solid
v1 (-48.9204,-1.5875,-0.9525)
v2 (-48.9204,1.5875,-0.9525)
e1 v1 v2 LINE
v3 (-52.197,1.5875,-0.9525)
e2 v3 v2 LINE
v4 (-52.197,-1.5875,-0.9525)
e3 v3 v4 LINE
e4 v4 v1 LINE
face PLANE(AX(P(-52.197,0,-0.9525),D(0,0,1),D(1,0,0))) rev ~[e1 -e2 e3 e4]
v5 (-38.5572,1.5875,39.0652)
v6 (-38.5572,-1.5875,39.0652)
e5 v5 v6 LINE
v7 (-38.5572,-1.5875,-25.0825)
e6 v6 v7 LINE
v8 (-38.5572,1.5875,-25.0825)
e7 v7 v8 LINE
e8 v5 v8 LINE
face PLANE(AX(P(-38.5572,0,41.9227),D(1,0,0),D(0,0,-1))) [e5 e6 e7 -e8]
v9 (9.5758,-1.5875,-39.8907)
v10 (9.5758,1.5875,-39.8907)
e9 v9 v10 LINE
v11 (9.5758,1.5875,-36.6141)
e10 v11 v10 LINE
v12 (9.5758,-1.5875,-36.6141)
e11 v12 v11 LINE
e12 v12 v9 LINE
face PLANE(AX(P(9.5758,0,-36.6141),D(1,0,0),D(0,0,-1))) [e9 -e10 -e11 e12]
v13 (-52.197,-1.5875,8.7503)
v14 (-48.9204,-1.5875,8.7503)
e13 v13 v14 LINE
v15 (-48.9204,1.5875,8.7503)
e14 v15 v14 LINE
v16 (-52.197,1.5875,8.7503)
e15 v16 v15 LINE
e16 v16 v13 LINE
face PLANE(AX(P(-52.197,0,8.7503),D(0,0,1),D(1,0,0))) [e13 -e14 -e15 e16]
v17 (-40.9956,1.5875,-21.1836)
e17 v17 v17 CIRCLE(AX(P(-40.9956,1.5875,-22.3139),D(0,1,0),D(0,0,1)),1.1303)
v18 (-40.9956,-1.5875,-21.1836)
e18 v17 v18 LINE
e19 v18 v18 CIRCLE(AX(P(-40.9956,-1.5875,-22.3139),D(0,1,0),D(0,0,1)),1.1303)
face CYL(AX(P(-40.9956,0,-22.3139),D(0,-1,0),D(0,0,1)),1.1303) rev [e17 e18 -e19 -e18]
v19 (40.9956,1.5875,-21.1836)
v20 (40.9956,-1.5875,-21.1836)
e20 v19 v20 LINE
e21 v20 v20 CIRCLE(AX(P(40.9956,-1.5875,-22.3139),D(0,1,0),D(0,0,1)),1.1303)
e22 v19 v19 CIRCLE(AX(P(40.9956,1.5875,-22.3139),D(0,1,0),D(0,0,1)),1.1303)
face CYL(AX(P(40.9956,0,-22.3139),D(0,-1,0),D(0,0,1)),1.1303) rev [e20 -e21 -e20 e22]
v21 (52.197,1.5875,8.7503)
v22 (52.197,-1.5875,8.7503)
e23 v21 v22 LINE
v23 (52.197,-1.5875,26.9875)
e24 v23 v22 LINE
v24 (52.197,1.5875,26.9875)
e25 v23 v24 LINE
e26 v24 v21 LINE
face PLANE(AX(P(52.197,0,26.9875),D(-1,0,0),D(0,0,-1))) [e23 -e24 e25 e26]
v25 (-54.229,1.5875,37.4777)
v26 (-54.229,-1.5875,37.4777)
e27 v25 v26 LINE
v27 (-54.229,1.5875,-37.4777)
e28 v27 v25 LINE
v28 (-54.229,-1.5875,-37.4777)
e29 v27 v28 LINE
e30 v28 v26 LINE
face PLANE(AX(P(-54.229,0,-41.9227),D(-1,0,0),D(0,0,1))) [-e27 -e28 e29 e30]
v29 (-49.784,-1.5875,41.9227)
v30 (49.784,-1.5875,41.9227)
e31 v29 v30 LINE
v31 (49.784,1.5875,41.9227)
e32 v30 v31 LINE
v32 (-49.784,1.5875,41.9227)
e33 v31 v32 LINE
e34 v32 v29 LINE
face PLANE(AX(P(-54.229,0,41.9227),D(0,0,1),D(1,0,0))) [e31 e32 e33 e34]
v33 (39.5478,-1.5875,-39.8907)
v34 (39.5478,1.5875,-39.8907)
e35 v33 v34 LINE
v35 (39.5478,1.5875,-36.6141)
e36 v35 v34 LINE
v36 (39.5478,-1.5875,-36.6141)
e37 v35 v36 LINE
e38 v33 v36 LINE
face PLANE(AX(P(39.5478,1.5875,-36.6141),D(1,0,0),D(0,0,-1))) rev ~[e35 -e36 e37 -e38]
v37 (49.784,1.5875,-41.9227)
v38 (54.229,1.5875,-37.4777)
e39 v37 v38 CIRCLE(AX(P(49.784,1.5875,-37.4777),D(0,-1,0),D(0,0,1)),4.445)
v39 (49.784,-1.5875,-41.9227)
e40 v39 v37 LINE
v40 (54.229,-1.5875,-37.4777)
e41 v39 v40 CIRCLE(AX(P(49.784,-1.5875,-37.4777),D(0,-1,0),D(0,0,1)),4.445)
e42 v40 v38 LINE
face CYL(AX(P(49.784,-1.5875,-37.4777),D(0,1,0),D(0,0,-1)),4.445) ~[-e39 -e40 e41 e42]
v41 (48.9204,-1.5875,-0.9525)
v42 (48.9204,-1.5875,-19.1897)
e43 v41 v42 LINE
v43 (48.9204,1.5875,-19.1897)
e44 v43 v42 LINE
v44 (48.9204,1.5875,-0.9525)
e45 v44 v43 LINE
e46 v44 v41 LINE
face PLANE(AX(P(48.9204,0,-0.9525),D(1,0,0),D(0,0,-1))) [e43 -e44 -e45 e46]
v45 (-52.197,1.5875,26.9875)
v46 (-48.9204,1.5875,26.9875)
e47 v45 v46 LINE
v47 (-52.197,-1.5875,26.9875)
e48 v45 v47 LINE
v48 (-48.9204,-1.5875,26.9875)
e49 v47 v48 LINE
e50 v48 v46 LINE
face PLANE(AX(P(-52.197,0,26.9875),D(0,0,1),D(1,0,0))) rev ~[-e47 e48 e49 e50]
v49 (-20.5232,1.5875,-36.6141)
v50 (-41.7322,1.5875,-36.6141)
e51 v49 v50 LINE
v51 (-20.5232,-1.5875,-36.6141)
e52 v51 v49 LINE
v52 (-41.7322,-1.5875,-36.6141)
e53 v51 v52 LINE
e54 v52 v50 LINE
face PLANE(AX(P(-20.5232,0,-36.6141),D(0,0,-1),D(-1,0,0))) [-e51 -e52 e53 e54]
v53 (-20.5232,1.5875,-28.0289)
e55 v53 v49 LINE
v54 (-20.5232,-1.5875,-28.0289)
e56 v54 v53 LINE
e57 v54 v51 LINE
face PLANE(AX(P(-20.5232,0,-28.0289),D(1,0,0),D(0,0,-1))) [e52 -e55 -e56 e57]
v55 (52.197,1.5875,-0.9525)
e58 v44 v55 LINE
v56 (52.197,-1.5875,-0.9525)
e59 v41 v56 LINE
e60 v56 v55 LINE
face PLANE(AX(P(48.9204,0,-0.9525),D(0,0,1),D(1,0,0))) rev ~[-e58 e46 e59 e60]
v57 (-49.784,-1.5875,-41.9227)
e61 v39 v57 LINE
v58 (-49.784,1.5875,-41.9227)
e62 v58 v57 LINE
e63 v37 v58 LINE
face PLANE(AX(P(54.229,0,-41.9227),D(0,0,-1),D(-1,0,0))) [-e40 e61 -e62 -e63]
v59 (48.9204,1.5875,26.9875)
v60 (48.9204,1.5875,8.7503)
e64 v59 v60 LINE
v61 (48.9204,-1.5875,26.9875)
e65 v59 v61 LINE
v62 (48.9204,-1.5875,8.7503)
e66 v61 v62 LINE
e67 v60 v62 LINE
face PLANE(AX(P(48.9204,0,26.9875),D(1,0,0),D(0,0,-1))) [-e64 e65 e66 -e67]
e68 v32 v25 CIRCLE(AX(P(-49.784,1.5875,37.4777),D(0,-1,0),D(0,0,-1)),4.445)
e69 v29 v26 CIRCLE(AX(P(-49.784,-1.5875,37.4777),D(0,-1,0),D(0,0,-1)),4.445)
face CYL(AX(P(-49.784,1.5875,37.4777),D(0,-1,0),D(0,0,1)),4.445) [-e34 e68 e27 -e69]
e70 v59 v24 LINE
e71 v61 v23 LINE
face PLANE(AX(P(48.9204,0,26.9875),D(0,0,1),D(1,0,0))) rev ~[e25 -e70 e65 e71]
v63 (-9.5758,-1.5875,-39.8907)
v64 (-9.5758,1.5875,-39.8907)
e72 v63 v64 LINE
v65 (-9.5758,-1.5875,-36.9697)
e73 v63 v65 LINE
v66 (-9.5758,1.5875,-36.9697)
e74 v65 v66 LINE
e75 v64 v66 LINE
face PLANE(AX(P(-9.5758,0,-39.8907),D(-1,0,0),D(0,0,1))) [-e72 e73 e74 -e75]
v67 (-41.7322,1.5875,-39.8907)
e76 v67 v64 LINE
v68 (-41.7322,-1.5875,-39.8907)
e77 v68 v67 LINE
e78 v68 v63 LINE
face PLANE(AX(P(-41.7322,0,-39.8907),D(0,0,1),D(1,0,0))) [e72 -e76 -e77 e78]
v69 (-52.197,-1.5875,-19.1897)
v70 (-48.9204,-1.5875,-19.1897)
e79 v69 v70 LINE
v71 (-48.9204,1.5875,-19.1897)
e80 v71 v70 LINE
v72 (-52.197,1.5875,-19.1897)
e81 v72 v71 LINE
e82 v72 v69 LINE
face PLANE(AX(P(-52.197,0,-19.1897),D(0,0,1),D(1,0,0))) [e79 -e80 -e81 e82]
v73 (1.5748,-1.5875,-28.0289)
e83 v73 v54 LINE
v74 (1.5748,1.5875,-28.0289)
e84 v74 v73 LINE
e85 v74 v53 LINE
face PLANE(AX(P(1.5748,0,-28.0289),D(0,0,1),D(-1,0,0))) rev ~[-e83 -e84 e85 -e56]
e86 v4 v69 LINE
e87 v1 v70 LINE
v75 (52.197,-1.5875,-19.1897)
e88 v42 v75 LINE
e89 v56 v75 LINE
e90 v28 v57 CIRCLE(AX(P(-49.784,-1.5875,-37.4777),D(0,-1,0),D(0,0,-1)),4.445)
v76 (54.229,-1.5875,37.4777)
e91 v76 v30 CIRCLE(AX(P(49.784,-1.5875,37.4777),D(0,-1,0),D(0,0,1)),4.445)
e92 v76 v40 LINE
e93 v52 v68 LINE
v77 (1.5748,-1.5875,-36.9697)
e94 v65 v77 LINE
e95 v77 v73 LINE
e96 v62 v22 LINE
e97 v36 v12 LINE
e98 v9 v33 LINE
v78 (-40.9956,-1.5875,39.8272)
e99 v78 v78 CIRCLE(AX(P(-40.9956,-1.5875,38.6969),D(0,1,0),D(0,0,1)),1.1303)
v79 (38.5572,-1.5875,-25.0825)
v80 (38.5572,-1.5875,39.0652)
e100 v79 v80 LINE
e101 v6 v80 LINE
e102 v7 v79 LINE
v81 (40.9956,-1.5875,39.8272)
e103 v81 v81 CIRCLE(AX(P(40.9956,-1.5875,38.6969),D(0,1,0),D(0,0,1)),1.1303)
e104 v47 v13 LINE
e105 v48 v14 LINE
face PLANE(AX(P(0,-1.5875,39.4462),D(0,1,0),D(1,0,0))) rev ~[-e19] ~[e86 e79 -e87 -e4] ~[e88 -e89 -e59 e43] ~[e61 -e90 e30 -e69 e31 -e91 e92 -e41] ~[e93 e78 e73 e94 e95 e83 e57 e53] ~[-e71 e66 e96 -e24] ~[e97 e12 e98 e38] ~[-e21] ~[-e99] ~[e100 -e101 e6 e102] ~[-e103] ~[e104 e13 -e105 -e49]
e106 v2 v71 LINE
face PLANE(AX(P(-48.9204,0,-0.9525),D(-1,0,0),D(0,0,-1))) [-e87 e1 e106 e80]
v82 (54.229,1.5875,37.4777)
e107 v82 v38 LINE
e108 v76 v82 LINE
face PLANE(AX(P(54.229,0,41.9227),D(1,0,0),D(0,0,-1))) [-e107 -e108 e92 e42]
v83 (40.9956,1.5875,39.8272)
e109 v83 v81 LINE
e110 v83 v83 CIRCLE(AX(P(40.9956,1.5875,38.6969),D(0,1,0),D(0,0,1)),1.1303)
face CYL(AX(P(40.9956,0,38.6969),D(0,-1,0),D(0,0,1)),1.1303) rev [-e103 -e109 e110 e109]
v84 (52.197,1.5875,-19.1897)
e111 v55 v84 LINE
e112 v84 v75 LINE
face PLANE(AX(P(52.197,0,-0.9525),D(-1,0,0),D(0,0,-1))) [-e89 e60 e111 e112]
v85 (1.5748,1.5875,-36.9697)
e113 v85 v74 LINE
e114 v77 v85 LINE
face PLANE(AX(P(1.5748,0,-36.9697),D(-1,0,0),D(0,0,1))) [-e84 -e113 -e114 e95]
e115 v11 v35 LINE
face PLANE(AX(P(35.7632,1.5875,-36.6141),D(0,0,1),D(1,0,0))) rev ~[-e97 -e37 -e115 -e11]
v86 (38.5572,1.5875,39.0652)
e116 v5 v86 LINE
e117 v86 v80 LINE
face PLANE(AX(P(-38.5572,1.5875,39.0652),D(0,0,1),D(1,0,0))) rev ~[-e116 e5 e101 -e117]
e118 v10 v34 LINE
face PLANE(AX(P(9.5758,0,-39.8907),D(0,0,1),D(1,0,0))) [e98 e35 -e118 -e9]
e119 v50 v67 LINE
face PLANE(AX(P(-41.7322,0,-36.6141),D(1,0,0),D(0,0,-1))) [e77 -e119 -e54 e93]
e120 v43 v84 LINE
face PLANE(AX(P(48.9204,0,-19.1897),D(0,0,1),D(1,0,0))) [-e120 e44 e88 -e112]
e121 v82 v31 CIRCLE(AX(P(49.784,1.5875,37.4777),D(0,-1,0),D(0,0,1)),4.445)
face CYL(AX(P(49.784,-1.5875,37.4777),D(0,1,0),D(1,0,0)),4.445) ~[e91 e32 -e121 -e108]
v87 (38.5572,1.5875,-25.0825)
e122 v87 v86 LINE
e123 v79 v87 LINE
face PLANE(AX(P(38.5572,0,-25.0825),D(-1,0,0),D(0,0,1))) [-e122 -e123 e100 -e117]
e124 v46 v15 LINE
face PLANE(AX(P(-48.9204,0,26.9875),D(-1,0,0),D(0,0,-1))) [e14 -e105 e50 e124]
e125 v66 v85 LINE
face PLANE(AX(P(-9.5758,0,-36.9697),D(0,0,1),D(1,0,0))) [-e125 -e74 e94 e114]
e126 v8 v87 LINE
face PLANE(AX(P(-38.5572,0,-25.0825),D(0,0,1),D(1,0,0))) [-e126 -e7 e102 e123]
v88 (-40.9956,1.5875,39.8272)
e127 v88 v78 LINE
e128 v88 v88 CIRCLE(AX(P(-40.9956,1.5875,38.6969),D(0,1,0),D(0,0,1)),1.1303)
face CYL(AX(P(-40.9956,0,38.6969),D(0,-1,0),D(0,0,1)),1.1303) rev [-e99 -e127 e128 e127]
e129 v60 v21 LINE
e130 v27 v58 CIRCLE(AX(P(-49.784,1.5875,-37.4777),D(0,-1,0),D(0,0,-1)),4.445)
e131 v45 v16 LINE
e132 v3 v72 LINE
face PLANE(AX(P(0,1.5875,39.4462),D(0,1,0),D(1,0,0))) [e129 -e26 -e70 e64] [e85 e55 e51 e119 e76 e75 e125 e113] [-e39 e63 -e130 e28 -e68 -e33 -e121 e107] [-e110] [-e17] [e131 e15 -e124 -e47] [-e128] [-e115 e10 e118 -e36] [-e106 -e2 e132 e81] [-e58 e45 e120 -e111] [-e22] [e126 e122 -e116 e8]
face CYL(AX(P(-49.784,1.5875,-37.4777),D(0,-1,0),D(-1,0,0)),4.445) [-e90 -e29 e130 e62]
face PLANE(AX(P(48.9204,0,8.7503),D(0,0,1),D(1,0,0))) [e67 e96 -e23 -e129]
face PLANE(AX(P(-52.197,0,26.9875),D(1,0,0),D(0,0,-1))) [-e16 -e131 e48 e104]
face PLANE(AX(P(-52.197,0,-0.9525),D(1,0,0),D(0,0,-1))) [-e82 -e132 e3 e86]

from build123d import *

# Parameters (mm, degrees)
SKETCH1_R           = 1.1303
SKETCH1_W           = 3.2766
SKETCH1_H           = 18.2372
BOSS_EXTRUDE1_DEPTH = 1.5875
FILLET1_R           = 4.445
SKETCH2_W           = 81.9912
SKETCH2_H           = 2.0955
BOSS_EXTRUDE2_DEPTH = 3.175
BOSS_EXTRUDE3_DEPTH = 3.175
SKETCH5_W           = 77.1144
SKETCH5_H           = 0.762
BOSS_EXTRUDE4_DEPTH = 3.175


with BuildPart() as part:
    # Sketch1 → Boss-Extrude1 (new, symmetric)
    with BuildSketch(Plane(origin=(0, 0, 0), x_dir=(1, 0, 0), z_dir=(0, 1, 0))):
        Polygon((-38.5572, -41.9227), (-38.5572, 25.0825), (38.5572, 25.0825), (38.5572, -41.9227), (54.229, -41.9227), (54.229, 41.9227), (-54.229, 41.9227), (-54.229, -41.9227), align=None)
        with Locations(Location((-40.9956, -38.6969, 0), (0, 0, 270))):
            Circle(SKETCH1_R, mode=Mode.SUBTRACT)
        with Locations(Location((-40.9956, 22.3139, 0), (0, 0, 270))):
            Circle(SKETCH1_R, mode=Mode.SUBTRACT)
        with Locations(Location((40.9956, 22.3139, 0), (0, 0, 270))):
            Circle(SKETCH1_R, mode=Mode.SUBTRACT)
        with Locations(Location((40.9956, -38.6969, 0), (0, 0, 270))):
            Circle(SKETCH1_R, mode=Mode.SUBTRACT)
        with Locations((-50.5587, 10.0711)):
            Rectangle(SKETCH1_W, SKETCH1_H, mode=Mode.SUBTRACT)
        with Locations((-50.5587, -17.8689)):
            Rectangle(SKETCH1_W, SKETCH1_H, mode=Mode.SUBTRACT)
        with Locations((50.5587, -17.8689)):
            Rectangle(SKETCH1_W, SKETCH1_H, mode=Mode.SUBTRACT)
        with Locations((50.5587, 10.0711)):
            Rectangle(SKETCH1_W, SKETCH1_H, mode=Mode.SUBTRACT)
        Polygon((-20.5232, 36.6141), (-41.7322, 36.6141), (-41.7322, 39.8907), (-9.5758, 39.8907), (-9.5758, 37.2237), (-9.5758, 36.9697), (1.5748, 36.9697), (1.5748, 28.0289), (-20.5232, 28.0289), align=None, mode=Mode.SUBTRACT)
        Polygon((9.5758, 38.590972839), (9.5758, 39.8907), (39.5478, 39.8907), (39.5478, 37.1221), (44.5262, 37.1221), (44.5262, 30.7721), (35.7632, 30.7721), (35.7632, 36.6141), (9.5758, 36.6141), align=None, mode=Mode.SUBTRACT)
    extrude(amount=BOSS_EXTRUDE1_DEPTH, both=True)

    # Fillet1
    fillet1_edges = [part.edges().sort_by_distance(p)[0] for p in [
        (-54.229, 0, -41.9227),
        (54.229, 0, -41.9227),
        (54.229, 0, 41.9227),
        (-54.229, 0, 41.9227),
    ]]
    fillet(fillet1_edges, radius=FILLET1_R)

    # Sketch2 → Boss-Extrude2 (add)
    with BuildSketch(Plane(origin=(0, 1.5875, 0), x_dir=(1, 0, 0), z_dir=(0, 1, 0))):
        with Locations((0, -40.87495)):
            Rectangle(SKETCH2_W, SKETCH2_H)
    extrude(amount=-BOSS_EXTRUDE2_DEPTH)

    # Sketch4 → Boss-Extrude3 (add, through all)
    with BuildSketch(Plane(origin=(0, 1.5875, 0), x_dir=(1, 0, 0), z_dir=(0, 1, 0))):
        Polygon((35.7632, 36.6141), (39.5478, 36.6141), (39.5478, 37.1221), (44.5262, 37.1221), (44.5262, 30.7721), (35.7632, 30.7721), align=None)
    extrude(amount=-BOSS_EXTRUDE3_DEPTH)

    # Sketch5 → Boss-Extrude4 (add)
    with BuildSketch(Plane(origin=(0, 1.5875, 0), x_dir=(1, 0, 0), z_dir=(0, 1, 0))):
        with Locations((0, -39.4462)):
            Rectangle(SKETCH5_W, SKETCH5_H)
    extrude(amount=-BOSS_EXTRUDE4_DEPTH)


solid = part.part
